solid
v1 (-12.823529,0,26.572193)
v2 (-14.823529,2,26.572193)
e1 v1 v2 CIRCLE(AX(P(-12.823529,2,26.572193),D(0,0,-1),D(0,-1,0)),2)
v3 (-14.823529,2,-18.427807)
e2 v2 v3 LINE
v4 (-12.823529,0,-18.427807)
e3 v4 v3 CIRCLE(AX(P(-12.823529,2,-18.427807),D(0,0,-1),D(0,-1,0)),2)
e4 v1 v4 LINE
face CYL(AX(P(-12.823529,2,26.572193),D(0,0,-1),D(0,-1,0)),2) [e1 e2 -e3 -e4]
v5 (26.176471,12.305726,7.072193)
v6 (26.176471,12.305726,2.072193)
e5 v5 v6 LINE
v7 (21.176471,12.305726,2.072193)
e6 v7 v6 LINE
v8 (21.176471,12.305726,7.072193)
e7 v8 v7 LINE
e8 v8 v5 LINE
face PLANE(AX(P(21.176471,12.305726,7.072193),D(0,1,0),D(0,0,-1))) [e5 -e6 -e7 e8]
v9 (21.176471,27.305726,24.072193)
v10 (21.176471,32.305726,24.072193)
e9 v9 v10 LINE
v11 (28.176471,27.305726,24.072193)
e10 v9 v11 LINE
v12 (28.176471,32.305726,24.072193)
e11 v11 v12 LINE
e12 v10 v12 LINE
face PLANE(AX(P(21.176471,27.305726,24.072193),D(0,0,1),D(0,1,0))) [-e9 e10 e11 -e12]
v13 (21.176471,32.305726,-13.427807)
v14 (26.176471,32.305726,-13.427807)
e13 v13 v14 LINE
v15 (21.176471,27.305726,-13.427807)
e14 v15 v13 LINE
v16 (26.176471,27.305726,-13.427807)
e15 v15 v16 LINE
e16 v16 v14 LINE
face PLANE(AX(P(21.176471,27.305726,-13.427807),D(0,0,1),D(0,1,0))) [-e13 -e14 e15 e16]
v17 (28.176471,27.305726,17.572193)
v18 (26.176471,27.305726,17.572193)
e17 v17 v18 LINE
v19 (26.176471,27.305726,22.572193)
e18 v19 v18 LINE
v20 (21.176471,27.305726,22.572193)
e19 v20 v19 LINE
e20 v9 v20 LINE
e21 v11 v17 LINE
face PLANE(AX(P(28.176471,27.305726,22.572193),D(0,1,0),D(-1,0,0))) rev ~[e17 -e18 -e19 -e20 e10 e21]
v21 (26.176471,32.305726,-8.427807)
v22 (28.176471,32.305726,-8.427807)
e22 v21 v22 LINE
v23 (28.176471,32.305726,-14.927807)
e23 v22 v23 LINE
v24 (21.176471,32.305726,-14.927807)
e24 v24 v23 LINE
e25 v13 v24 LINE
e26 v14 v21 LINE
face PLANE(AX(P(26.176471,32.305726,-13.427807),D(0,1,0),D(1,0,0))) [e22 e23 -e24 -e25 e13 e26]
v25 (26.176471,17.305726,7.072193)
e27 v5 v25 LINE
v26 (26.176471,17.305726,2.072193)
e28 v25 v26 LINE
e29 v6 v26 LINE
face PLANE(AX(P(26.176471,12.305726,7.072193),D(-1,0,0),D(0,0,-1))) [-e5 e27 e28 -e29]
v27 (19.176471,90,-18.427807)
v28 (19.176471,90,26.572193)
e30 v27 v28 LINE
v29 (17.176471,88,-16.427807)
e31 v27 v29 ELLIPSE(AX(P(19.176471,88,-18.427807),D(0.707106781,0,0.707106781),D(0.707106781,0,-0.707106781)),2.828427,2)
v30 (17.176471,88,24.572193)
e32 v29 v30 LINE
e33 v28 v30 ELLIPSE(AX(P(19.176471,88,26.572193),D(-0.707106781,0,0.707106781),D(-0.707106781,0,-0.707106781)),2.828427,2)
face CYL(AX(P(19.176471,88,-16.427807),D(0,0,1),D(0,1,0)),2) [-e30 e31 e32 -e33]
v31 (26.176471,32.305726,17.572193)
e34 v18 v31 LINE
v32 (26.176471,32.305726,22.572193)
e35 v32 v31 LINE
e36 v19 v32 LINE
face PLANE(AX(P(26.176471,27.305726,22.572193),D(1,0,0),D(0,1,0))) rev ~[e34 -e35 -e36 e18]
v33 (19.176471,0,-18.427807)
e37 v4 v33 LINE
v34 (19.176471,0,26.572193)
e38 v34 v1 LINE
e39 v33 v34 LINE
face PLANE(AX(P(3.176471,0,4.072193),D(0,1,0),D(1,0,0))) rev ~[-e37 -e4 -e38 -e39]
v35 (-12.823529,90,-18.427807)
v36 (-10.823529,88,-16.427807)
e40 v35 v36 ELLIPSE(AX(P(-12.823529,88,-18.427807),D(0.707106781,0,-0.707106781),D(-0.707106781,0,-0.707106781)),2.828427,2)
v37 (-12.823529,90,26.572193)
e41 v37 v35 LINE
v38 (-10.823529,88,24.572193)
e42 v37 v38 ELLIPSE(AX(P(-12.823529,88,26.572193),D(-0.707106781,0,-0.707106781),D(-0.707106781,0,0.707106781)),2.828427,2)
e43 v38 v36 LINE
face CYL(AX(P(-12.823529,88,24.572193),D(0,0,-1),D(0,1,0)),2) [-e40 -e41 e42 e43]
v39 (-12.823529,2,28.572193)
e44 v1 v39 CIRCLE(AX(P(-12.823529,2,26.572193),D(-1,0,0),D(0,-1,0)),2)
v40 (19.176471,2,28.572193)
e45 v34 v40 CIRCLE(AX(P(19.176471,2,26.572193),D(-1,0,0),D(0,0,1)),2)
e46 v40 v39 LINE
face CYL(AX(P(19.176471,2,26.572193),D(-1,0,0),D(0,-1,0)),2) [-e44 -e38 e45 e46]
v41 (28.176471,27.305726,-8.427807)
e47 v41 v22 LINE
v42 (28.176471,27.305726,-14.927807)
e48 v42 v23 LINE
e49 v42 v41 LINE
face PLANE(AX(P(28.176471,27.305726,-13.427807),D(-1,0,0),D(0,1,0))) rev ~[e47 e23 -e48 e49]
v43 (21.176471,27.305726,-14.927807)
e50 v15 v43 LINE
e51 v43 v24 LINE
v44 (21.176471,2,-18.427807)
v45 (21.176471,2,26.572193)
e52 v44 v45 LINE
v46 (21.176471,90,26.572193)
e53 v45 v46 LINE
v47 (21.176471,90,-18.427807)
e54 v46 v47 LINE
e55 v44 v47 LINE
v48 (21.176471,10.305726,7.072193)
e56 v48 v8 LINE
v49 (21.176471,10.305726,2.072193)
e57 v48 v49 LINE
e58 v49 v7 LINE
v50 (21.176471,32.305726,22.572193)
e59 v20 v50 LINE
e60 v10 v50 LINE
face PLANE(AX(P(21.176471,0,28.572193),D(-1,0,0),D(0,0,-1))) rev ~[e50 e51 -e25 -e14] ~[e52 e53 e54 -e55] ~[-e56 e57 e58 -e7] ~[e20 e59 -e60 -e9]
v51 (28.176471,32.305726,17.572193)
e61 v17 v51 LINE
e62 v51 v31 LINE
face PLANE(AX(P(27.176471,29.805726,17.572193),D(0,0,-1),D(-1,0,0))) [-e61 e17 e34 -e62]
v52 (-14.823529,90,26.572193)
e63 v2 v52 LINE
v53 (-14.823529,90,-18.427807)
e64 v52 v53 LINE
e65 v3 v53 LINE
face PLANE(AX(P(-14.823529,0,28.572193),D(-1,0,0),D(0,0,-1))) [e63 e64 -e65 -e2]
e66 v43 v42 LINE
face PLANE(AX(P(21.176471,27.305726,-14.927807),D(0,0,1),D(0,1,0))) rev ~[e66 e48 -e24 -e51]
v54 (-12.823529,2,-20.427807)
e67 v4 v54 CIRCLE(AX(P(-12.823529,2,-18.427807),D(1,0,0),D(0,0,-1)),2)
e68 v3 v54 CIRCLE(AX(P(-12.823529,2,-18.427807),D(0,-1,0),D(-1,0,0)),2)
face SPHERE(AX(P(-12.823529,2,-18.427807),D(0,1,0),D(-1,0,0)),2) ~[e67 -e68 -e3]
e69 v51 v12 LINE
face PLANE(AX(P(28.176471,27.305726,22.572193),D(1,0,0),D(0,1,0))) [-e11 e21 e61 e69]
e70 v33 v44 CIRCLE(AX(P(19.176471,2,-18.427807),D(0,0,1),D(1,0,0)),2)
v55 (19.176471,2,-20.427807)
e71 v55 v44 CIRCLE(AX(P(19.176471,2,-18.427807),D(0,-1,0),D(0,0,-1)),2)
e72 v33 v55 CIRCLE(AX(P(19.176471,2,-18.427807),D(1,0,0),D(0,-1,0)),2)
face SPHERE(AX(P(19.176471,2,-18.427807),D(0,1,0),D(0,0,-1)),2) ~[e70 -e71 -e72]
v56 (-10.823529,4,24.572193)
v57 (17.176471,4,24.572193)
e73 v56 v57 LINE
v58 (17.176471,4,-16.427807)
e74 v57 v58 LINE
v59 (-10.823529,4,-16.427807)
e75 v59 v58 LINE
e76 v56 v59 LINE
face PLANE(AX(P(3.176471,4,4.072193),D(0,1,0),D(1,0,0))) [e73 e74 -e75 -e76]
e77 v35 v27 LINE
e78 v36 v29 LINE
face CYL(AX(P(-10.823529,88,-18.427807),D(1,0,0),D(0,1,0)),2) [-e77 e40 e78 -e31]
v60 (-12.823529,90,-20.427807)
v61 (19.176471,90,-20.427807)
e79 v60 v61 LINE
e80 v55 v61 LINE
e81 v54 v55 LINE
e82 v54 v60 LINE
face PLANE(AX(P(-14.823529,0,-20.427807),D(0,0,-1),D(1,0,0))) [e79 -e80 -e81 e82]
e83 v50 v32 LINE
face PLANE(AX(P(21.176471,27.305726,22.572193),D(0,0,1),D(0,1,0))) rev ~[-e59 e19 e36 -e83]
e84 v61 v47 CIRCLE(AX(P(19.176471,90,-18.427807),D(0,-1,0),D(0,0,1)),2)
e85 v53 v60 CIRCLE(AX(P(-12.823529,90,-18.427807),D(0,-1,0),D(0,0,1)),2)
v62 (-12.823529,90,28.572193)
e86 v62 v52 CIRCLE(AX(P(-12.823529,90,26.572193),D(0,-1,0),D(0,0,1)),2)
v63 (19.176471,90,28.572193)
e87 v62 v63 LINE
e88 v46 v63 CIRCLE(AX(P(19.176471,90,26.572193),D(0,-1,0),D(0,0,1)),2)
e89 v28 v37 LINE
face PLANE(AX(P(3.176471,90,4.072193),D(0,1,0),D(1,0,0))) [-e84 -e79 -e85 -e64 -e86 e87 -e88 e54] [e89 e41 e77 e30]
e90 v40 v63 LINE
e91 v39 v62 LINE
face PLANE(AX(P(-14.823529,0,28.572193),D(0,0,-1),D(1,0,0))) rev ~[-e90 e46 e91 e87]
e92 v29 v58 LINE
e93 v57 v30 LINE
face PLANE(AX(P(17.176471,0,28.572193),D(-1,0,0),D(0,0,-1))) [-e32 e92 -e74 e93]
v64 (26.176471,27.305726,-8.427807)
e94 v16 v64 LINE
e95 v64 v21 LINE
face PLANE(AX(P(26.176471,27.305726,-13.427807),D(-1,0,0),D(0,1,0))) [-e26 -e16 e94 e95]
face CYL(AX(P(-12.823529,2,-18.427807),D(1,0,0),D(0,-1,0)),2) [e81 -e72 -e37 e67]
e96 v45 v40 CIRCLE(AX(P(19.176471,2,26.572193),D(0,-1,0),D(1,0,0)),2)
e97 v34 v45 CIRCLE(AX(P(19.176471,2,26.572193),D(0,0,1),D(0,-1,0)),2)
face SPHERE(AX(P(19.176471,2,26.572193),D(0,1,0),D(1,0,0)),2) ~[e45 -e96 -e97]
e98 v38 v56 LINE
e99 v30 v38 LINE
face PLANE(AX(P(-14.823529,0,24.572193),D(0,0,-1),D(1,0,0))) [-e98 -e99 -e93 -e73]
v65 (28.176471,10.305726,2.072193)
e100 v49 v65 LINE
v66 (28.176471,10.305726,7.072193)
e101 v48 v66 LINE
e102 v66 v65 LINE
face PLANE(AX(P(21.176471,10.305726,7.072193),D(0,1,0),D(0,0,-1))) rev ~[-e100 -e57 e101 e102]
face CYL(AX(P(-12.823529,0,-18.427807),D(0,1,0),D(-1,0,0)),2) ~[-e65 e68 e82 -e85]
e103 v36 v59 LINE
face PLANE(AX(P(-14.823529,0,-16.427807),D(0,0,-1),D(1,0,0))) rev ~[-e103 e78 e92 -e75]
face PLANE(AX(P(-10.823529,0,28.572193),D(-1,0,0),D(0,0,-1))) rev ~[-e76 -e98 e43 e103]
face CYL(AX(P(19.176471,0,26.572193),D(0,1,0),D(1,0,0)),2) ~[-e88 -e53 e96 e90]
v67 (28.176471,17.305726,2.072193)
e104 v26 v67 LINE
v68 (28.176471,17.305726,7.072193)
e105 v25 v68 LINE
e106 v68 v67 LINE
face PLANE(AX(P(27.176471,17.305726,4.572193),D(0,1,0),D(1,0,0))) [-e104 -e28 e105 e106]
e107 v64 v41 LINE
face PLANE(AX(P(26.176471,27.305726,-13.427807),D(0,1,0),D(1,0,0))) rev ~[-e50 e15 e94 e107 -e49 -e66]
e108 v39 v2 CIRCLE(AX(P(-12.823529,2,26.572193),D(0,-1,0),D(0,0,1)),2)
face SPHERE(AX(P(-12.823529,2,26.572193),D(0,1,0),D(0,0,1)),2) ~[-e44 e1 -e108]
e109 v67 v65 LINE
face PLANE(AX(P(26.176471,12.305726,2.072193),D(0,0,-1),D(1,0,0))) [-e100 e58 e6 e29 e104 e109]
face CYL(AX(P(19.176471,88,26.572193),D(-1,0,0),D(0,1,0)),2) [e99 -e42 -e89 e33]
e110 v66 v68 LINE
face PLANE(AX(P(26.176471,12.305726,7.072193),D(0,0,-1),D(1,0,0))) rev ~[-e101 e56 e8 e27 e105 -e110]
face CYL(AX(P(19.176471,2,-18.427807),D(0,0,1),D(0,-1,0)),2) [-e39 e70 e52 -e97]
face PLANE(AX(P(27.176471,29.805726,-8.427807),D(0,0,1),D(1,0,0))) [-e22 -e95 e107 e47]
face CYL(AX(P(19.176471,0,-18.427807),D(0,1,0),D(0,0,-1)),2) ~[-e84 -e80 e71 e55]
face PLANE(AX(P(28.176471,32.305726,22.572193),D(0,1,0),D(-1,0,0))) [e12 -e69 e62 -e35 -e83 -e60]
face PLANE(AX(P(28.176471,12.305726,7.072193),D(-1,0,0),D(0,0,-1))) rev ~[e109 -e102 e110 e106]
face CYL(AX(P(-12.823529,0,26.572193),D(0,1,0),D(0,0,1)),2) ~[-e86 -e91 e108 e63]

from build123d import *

# Parameters (mm, degrees)
SKETCH1_W           = 36
SKETCH1_H           = 49
BOSS_EXTRUDE2_DEPTH = 90
SHELL3_T            = -4
FILLET1_R           = 2
FILLET2_R           = 2
FILLET3_R           = 2
FILLET4_R           = 2
FILLET5_R           = 2
SKETCH7_W           = 1.5
SKETCH7_H           = 5
SKETCH7_W_2         = 1.499999997
SKETCH7_W_3         = 5
SKETCH7_H_2         = 2
BOSS_EXTRUDE3_DEPTH = 7
SKETCH8_W           = 2
SKETCH8_H           = 5
BOSS_EXTRUDE4_DEPTH = 5
SKETCH9_W           = 2
SKETCH9_H           = 5
BOSS_EXTRUDE5_DEPTH = 5
SKETCH10_W          = 2
SKETCH10_H          = 5
BOSS_EXTRUDE6_DEPTH = 5
FILLET7_R           = 2
FILLET8_R           = 2
FILLET9_R           = 2
FILLET10_R          = 2


with BuildPart() as part:
    # Sketch1 → Boss-Extrude2 (new body)
    with BuildSketch(Plane(origin=(0, 0, 0), x_dir=(1, 0, 0), z_dir=(0, 1, 0))):
        with Locations((3.176470588, -4.072192513)):
            Rectangle(SKETCH1_W, SKETCH1_H)
    extrude(amount=BOSS_EXTRUDE2_DEPTH)

    # Shell3
    shell3_openings = [part.faces().sort_by_distance(p)[0] for p in [
        (3.176470588, 90, 4.072192513),
    ]]
    offset(amount=SHELL3_T, openings=shell3_openings, kind=Kind.INTERSECTION)

    # Fillet1
    fillet1_edges = [part.edges().sort_by_distance(p)[0] for p in [
        (-14.823529412, 45, -20.427807487),
    ]]
    fillet(fillet1_edges, radius=FILLET1_R)

    # Fillet2
    fillet2_edges = [part.edges().sort_by_distance(p)[0] for p in [
        (21.176470588, 45, -20.427807487),
    ]]
    fillet(fillet2_edges, radius=FILLET2_R)

    # Fillet3
    fillet3_edges = [part.edges().sort_by_distance(p)[0] for p in [
        (21.176470588, 45, 28.572192513),
    ]]
    fillet(fillet3_edges, radius=FILLET3_R)

    # Fillet4
    fillet4_edges = [part.edges().sort_by_distance(p)[0] for p in [
        (-14.823529412, 45, 28.572192513),
    ]]
    fillet(fillet4_edges, radius=FILLET4_R)

    # Fillet5
    fillet5_edges = [part.edges().sort_by_distance(p)[0] for p in [
        (-14.823529412, 0, 4.072192513),
        (3.176470588, 0, -20.427807487),
        (21.176470588, 0, 4.072192513),
        (3.176470588, 0, 28.572192513),
    ]]
    fillet(fillet5_edges, radius=FILLET5_R)

    # Sketch7 → Boss-Extrude3 (add)
    with BuildSketch(Plane(origin=(21.176470588, 0, 0), x_dir=(0, 0, -1), z_dir=(1, 0, 0))):
        with Locations((-23.322192513, 29.805726248)):
            Rectangle(SKETCH7_W, SKETCH7_H)
        with Locations((14.177807489, 29.805726248)):
            Rectangle(SKETCH7_W_2, SKETCH7_H)
        with Locations((-4.572192513, 11.305726248)):
            Rectangle(SKETCH7_W_3, SKETCH7_H_2)
    extrude(amount=BOSS_EXTRUDE3_DEPTH)

    # Sketch8 → Boss-Extrude4 (add)
    with BuildSketch(Plane(origin=(0, 0, 22.572192513), x_dir=(-1, 0, 0), z_dir=(0, 0, -1))):
        with Locations((-27.176470588, 29.805726248)):
            Rectangle(SKETCH8_W, SKETCH8_H)
    extrude(amount=BOSS_EXTRUDE4_DEPTH)

    # Sketch9 → Boss-Extrude5 (add)
    with BuildSketch(Plane.XY.offset(-13.42780749)):
        with Locations((27.176470588, 29.805726248)):
            Rectangle(SKETCH9_W, SKETCH9_H)
    extrude(amount=BOSS_EXTRUDE5_DEPTH)

    # Sketch10 → Boss-Extrude6 (add)
    with BuildSketch(Plane(origin=(0, 12.305726248, 0), x_dir=(1, 0, 0), z_dir=(0, 1, 0))):
        with Locations((27.176470588, -4.572192513)):
            Rectangle(SKETCH10_W, SKETCH10_H)
    extrude(amount=BOSS_EXTRUDE6_DEPTH)

    # Fillet7
    fillet7_edges = [part.edges().sort_by_distance(p)[0] for p in [
        (17.176470588, 90, 4.072192513),
    ]]
    fillet(fillet7_edges, radius=FILLET7_R)

    # Fillet8
    fillet8_edges = [part.edges().sort_by_distance(p)[0] for p in [
        (3.176470588, 90, -16.427807487),
    ]]
    fillet(fillet8_edges, radius=FILLET8_R)

    # Fillet9
    fillet9_edges = [part.edges().sort_by_distance(p)[0] for p in [
        (-10.823529412, 90, 4.072192513),
    ]]
    fillet(fillet9_edges, radius=FILLET9_R)

    # Fillet10
    fillet10_edges = [part.edges().sort_by_distance(p)[0] for p in [
        (3.176470588, 90, 24.572192513),
    ]]
    fillet(fillet10_edges, radius=FILLET10_R)


solid = part.part
